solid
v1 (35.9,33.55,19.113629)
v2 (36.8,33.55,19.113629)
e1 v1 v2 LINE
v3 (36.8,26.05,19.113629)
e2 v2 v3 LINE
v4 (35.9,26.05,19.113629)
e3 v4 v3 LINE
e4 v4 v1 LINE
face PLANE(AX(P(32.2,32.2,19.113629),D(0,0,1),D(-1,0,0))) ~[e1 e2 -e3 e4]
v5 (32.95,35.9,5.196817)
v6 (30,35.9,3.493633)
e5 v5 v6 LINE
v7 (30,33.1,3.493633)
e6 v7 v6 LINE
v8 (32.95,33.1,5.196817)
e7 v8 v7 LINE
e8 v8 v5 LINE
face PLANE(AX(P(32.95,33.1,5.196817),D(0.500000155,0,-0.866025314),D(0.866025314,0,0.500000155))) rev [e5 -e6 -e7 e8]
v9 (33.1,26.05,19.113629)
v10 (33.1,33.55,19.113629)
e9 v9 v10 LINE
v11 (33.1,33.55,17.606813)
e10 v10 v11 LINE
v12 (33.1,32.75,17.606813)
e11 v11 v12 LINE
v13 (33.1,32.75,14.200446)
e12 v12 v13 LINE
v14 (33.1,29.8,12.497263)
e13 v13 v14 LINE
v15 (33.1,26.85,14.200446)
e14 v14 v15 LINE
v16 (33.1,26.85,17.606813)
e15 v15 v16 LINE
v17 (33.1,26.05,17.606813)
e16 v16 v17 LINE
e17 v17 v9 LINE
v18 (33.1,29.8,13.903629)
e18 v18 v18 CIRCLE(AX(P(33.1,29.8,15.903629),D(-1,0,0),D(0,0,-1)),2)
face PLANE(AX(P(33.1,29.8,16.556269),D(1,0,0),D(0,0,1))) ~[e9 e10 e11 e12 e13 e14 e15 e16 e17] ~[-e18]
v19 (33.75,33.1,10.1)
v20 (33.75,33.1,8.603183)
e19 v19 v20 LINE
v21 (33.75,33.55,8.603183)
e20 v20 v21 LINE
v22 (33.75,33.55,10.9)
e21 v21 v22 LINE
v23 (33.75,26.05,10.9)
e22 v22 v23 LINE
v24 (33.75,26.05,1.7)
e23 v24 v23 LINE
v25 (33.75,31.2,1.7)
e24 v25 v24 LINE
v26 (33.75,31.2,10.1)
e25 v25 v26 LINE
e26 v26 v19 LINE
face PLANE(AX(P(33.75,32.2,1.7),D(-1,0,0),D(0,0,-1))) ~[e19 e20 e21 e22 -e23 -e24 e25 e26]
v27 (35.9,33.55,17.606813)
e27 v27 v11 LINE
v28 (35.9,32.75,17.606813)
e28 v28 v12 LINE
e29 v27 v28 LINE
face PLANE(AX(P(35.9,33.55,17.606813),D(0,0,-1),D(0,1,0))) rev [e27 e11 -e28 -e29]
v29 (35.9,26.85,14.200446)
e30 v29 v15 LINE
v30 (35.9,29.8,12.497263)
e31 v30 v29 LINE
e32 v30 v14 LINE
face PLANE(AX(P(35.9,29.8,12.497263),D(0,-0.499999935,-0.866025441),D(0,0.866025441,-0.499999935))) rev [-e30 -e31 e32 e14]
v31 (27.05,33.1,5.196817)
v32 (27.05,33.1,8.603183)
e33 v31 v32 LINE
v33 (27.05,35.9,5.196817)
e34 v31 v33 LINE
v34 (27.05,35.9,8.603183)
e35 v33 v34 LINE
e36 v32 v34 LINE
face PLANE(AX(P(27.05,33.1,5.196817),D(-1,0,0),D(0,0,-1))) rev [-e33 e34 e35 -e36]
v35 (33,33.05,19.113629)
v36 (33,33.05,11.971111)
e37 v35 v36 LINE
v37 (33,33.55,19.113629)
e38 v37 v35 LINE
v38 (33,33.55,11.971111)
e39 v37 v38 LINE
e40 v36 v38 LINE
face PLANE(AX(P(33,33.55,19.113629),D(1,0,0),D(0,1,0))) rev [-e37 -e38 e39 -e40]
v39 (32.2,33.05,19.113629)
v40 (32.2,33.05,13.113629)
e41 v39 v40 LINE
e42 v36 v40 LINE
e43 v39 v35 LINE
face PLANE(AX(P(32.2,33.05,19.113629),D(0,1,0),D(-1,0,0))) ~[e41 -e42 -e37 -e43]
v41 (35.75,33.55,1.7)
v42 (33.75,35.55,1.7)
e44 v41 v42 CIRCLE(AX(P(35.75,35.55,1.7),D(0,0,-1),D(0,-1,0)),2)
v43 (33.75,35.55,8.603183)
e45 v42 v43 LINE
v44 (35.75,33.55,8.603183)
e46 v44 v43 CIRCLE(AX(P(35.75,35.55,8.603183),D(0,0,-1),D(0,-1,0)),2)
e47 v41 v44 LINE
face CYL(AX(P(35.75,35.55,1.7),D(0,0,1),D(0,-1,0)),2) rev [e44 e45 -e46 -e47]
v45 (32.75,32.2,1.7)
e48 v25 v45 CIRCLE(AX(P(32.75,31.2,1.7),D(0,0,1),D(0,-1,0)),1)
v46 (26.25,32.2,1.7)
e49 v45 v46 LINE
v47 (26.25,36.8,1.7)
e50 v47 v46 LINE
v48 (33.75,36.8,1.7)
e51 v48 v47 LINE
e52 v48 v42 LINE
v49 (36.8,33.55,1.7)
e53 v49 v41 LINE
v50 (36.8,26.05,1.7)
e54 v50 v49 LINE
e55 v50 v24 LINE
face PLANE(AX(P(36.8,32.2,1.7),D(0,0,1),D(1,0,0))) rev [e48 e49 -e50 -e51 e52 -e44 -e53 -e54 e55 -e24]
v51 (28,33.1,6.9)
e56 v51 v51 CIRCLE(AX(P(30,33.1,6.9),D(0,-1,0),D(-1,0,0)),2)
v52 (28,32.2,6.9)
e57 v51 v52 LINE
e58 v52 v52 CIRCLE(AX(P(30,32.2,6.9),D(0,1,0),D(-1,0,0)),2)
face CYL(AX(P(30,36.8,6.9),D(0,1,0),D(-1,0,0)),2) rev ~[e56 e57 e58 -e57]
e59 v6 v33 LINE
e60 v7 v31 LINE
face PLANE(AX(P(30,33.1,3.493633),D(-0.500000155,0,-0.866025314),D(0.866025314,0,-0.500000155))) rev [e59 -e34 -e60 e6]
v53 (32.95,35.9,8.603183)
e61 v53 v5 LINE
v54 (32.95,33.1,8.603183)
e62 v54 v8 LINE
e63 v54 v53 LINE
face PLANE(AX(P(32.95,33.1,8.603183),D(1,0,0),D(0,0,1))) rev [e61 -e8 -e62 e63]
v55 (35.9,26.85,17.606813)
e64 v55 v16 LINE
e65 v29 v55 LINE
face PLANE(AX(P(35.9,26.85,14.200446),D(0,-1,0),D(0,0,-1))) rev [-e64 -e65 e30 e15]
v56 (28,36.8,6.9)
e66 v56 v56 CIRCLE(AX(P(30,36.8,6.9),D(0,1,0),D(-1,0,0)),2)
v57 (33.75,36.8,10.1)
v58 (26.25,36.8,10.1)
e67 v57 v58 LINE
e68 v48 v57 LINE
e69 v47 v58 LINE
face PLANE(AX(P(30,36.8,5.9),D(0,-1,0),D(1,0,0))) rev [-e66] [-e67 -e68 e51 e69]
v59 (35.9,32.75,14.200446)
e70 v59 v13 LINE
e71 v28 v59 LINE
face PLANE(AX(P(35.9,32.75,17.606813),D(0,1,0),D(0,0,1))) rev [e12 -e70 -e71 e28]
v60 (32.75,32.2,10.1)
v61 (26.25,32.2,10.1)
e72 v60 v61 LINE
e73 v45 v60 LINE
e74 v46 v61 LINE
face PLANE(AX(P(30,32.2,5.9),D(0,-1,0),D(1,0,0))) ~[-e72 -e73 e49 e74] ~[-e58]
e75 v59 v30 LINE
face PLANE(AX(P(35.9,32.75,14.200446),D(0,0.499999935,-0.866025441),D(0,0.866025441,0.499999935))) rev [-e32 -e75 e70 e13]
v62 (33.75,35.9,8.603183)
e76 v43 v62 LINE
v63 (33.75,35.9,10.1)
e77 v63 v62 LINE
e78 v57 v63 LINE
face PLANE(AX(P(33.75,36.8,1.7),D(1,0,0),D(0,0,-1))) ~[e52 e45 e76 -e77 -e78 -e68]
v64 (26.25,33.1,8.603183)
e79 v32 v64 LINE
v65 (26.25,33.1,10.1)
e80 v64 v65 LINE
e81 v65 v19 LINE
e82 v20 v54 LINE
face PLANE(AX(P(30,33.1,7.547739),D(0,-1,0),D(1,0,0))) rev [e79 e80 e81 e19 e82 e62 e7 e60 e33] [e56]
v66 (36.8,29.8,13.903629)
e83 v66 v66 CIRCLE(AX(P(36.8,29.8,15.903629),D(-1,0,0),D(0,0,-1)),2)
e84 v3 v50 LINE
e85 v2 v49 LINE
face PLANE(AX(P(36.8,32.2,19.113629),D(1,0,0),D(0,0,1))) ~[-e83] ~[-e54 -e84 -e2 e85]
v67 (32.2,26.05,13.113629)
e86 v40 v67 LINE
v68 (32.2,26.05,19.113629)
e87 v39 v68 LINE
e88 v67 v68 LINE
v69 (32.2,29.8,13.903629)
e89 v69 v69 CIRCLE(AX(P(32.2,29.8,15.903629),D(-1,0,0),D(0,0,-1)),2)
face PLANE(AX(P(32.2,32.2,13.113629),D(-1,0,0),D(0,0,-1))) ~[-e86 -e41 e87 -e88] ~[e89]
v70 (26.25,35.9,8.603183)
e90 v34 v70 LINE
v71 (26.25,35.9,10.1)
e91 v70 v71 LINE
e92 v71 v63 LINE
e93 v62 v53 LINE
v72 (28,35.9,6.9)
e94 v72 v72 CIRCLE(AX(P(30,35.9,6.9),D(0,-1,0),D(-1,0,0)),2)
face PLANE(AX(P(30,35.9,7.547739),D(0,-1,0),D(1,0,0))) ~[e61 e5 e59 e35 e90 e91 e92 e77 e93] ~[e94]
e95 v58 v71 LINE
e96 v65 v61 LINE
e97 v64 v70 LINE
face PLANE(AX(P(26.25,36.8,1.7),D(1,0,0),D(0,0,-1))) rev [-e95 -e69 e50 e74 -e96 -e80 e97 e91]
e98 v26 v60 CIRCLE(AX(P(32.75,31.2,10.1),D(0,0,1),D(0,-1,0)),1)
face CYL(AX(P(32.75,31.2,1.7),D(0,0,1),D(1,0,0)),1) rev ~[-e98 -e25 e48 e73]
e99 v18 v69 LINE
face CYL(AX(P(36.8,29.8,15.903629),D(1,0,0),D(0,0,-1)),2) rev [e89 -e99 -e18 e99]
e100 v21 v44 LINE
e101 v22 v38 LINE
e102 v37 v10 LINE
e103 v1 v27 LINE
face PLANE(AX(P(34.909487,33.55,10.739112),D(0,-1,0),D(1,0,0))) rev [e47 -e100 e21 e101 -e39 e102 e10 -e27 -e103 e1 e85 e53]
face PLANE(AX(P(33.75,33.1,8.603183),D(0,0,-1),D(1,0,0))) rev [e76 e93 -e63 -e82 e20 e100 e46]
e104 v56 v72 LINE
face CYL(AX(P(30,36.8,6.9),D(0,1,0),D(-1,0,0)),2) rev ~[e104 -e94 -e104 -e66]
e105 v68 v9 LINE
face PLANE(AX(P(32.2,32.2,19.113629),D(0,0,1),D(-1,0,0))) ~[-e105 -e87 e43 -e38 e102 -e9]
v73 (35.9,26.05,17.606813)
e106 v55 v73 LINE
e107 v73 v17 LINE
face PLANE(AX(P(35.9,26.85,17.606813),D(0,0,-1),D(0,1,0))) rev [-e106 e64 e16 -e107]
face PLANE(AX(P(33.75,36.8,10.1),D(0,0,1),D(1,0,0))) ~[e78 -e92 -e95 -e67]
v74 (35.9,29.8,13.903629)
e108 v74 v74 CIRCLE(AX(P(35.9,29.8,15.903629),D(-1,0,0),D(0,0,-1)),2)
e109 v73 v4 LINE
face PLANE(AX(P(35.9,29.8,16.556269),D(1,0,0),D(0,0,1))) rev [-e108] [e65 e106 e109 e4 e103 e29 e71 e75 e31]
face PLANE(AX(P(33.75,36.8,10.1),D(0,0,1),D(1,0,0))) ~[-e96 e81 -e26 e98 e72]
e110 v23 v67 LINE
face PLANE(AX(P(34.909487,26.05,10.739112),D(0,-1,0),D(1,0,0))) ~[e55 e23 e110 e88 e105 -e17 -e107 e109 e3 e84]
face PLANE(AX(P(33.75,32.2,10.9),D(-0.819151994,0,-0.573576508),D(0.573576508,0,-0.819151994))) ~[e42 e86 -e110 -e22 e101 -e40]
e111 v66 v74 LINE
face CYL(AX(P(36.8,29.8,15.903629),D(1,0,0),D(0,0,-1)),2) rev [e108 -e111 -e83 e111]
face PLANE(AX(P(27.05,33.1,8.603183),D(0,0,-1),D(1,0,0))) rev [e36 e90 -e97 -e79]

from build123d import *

# Parameters (mm, degrees)
SKETCH046_W       = 7.5
SKETCH046_H       = 8.4
SKETCH046_R       = 2
PAD028_DEPTH      = 4.6
POCKET013_START   = -0.9
POCKET013_DEPTH   = 2.8
PAD029_DEPTH      = 6.15
PAD029_DEPTH_BACK = 1.35
SKETCH049_R       = 2
POCKET014_DEPTH   = 10.551
POCKET015_START   = -0.9
POCKET015_DEPTH   = 2.8
SKETCH051_W       = 0.8
SKETCH051_H       = 0.5
POCKET016_DEPTH   = 8
FILLET008_R       = 1
FILLET009_R       = 2


with BuildPart() as f_3dp_angle_bracket_bottom:
    # Sketch046 → Pad028 (new body)
    with BuildSketch(Plane.XZ):
        with Locations((0, -1)):
            Rectangle(SKETCH046_W, SKETCH046_H)
        Circle(SKETCH046_R, mode=Mode.SUBTRACT)
    extrude(amount=PAD028_DEPTH)

    # Sketch047 (on Face7 of Pad028) → Pocket013 (cut)
    with BuildSketch(Plane.XZ.offset(4.6).offset(POCKET013_START)):
        Polygon((2.95, 1.703183), (3.75, 1.703183), (3.75, 3.2), (-3.75, 3.2), (-3.75, 1.703183), (-2.95, 1.703183), (-2.95, -1.703183), (0, -3.406367), (2.95, -1.703183), align=None)
    extrude(amount=-POCKET013_DEPTH, mode=Mode.SUBTRACT)

    # Sketch048 (on Face8 of Pocket013) → Pad029 (join, two sides)
    with BuildSketch(Plane.XZ.offset(4.6)) as pad029_sk:
        Polygon((-3.75, -5.2), (-3.75, 3.2), (-3.75, 4), (-2.2, 6.213629), (-2.2, 12.213629), (-6.8, 12.213629), (-6.8, -5.2), align=None)
    extrude(amount=PAD029_DEPTH)
    extrude(pad029_sk.sketch, amount=-PAD029_DEPTH_BACK)

    # Sketch049 (on Face26 of Pad029) → Pocket014 (cut, through all)
    with BuildSketch(Plane(origin=(-6.8, 0, 0), x_dir=(0, 0, -1), z_dir=(-1, 0, 0))):
        with Locations((-9.003629, 7)):
            Circle(SKETCH049_R)
    extrude(amount=-POCKET014_DEPTH, mode=Mode.SUBTRACT)

    # Sketch050 (on Face26 of Pocket014) → Pocket015 (cut)
    with BuildSketch(Plane(origin=(-6.8, 0, 0), x_dir=(0, 0, -1), z_dir=(-1, 0, 0)).offset(POCKET015_START)):
        Polygon((-10.706813, 9.95), (-10.706813, 10.75), (-12.213629, 10.75), (-12.213629, 3.25), (-10.706813, 3.25), (-10.706813, 4.05), (-7.300446, 4.05), (-5.597263, 7), (-7.300446, 9.95), align=None)
    extrude(amount=-POCKET015_DEPTH, mode=Mode.SUBTRACT)

    # Sketch051 (on Face25 of Pocket015) → Pocket016 (cut)
    with BuildSketch(Plane(origin=(0, 0, 12.213629), x_dir=(-1, 0, 0), z_dir=(0, 0, 1))):
        with Locations((2.6, 3.5)):
            Rectangle(SKETCH051_W, SKETCH051_H)
    extrude(amount=-POCKET016_DEPTH, mode=Mode.SUBTRACT)

    # Fillet008
    fillet008_edges = [f_3dp_angle_bracket_bottom.edges().sort_by_distance(p)[0] for p in [
        (-3.75, -4.6, -1),
    ]]
    fillet(fillet008_edges, radius=FILLET008_R)

    # Fillet009
    fillet009_edges = [f_3dp_angle_bracket_bottom.edges().sort_by_distance(p)[0] for p in [
        (-3.75, -3.25, -1.748408),
    ]]
    fillet(fillet009_edges, radius=FILLET009_R)


with BuildPart() as f_3dp_angle_bracket_bottom_1:
    # Body027 placement: moved
    add(f_3dp_angle_bracket_bottom.part.moved(Location((-30, 36.8, 6.9))))


with BuildPart() as part_mirroring:
    # Part__Mirroring: instance of 3DP_Angle_bracket_Bottom
    add(f_3dp_angle_bracket_bottom_1.part.mirror(Plane(origin=(0, 0, 0), x_dir=(0, -1, 0), z_dir=(1, 0, 0))))


solid = part_mirroring.part
